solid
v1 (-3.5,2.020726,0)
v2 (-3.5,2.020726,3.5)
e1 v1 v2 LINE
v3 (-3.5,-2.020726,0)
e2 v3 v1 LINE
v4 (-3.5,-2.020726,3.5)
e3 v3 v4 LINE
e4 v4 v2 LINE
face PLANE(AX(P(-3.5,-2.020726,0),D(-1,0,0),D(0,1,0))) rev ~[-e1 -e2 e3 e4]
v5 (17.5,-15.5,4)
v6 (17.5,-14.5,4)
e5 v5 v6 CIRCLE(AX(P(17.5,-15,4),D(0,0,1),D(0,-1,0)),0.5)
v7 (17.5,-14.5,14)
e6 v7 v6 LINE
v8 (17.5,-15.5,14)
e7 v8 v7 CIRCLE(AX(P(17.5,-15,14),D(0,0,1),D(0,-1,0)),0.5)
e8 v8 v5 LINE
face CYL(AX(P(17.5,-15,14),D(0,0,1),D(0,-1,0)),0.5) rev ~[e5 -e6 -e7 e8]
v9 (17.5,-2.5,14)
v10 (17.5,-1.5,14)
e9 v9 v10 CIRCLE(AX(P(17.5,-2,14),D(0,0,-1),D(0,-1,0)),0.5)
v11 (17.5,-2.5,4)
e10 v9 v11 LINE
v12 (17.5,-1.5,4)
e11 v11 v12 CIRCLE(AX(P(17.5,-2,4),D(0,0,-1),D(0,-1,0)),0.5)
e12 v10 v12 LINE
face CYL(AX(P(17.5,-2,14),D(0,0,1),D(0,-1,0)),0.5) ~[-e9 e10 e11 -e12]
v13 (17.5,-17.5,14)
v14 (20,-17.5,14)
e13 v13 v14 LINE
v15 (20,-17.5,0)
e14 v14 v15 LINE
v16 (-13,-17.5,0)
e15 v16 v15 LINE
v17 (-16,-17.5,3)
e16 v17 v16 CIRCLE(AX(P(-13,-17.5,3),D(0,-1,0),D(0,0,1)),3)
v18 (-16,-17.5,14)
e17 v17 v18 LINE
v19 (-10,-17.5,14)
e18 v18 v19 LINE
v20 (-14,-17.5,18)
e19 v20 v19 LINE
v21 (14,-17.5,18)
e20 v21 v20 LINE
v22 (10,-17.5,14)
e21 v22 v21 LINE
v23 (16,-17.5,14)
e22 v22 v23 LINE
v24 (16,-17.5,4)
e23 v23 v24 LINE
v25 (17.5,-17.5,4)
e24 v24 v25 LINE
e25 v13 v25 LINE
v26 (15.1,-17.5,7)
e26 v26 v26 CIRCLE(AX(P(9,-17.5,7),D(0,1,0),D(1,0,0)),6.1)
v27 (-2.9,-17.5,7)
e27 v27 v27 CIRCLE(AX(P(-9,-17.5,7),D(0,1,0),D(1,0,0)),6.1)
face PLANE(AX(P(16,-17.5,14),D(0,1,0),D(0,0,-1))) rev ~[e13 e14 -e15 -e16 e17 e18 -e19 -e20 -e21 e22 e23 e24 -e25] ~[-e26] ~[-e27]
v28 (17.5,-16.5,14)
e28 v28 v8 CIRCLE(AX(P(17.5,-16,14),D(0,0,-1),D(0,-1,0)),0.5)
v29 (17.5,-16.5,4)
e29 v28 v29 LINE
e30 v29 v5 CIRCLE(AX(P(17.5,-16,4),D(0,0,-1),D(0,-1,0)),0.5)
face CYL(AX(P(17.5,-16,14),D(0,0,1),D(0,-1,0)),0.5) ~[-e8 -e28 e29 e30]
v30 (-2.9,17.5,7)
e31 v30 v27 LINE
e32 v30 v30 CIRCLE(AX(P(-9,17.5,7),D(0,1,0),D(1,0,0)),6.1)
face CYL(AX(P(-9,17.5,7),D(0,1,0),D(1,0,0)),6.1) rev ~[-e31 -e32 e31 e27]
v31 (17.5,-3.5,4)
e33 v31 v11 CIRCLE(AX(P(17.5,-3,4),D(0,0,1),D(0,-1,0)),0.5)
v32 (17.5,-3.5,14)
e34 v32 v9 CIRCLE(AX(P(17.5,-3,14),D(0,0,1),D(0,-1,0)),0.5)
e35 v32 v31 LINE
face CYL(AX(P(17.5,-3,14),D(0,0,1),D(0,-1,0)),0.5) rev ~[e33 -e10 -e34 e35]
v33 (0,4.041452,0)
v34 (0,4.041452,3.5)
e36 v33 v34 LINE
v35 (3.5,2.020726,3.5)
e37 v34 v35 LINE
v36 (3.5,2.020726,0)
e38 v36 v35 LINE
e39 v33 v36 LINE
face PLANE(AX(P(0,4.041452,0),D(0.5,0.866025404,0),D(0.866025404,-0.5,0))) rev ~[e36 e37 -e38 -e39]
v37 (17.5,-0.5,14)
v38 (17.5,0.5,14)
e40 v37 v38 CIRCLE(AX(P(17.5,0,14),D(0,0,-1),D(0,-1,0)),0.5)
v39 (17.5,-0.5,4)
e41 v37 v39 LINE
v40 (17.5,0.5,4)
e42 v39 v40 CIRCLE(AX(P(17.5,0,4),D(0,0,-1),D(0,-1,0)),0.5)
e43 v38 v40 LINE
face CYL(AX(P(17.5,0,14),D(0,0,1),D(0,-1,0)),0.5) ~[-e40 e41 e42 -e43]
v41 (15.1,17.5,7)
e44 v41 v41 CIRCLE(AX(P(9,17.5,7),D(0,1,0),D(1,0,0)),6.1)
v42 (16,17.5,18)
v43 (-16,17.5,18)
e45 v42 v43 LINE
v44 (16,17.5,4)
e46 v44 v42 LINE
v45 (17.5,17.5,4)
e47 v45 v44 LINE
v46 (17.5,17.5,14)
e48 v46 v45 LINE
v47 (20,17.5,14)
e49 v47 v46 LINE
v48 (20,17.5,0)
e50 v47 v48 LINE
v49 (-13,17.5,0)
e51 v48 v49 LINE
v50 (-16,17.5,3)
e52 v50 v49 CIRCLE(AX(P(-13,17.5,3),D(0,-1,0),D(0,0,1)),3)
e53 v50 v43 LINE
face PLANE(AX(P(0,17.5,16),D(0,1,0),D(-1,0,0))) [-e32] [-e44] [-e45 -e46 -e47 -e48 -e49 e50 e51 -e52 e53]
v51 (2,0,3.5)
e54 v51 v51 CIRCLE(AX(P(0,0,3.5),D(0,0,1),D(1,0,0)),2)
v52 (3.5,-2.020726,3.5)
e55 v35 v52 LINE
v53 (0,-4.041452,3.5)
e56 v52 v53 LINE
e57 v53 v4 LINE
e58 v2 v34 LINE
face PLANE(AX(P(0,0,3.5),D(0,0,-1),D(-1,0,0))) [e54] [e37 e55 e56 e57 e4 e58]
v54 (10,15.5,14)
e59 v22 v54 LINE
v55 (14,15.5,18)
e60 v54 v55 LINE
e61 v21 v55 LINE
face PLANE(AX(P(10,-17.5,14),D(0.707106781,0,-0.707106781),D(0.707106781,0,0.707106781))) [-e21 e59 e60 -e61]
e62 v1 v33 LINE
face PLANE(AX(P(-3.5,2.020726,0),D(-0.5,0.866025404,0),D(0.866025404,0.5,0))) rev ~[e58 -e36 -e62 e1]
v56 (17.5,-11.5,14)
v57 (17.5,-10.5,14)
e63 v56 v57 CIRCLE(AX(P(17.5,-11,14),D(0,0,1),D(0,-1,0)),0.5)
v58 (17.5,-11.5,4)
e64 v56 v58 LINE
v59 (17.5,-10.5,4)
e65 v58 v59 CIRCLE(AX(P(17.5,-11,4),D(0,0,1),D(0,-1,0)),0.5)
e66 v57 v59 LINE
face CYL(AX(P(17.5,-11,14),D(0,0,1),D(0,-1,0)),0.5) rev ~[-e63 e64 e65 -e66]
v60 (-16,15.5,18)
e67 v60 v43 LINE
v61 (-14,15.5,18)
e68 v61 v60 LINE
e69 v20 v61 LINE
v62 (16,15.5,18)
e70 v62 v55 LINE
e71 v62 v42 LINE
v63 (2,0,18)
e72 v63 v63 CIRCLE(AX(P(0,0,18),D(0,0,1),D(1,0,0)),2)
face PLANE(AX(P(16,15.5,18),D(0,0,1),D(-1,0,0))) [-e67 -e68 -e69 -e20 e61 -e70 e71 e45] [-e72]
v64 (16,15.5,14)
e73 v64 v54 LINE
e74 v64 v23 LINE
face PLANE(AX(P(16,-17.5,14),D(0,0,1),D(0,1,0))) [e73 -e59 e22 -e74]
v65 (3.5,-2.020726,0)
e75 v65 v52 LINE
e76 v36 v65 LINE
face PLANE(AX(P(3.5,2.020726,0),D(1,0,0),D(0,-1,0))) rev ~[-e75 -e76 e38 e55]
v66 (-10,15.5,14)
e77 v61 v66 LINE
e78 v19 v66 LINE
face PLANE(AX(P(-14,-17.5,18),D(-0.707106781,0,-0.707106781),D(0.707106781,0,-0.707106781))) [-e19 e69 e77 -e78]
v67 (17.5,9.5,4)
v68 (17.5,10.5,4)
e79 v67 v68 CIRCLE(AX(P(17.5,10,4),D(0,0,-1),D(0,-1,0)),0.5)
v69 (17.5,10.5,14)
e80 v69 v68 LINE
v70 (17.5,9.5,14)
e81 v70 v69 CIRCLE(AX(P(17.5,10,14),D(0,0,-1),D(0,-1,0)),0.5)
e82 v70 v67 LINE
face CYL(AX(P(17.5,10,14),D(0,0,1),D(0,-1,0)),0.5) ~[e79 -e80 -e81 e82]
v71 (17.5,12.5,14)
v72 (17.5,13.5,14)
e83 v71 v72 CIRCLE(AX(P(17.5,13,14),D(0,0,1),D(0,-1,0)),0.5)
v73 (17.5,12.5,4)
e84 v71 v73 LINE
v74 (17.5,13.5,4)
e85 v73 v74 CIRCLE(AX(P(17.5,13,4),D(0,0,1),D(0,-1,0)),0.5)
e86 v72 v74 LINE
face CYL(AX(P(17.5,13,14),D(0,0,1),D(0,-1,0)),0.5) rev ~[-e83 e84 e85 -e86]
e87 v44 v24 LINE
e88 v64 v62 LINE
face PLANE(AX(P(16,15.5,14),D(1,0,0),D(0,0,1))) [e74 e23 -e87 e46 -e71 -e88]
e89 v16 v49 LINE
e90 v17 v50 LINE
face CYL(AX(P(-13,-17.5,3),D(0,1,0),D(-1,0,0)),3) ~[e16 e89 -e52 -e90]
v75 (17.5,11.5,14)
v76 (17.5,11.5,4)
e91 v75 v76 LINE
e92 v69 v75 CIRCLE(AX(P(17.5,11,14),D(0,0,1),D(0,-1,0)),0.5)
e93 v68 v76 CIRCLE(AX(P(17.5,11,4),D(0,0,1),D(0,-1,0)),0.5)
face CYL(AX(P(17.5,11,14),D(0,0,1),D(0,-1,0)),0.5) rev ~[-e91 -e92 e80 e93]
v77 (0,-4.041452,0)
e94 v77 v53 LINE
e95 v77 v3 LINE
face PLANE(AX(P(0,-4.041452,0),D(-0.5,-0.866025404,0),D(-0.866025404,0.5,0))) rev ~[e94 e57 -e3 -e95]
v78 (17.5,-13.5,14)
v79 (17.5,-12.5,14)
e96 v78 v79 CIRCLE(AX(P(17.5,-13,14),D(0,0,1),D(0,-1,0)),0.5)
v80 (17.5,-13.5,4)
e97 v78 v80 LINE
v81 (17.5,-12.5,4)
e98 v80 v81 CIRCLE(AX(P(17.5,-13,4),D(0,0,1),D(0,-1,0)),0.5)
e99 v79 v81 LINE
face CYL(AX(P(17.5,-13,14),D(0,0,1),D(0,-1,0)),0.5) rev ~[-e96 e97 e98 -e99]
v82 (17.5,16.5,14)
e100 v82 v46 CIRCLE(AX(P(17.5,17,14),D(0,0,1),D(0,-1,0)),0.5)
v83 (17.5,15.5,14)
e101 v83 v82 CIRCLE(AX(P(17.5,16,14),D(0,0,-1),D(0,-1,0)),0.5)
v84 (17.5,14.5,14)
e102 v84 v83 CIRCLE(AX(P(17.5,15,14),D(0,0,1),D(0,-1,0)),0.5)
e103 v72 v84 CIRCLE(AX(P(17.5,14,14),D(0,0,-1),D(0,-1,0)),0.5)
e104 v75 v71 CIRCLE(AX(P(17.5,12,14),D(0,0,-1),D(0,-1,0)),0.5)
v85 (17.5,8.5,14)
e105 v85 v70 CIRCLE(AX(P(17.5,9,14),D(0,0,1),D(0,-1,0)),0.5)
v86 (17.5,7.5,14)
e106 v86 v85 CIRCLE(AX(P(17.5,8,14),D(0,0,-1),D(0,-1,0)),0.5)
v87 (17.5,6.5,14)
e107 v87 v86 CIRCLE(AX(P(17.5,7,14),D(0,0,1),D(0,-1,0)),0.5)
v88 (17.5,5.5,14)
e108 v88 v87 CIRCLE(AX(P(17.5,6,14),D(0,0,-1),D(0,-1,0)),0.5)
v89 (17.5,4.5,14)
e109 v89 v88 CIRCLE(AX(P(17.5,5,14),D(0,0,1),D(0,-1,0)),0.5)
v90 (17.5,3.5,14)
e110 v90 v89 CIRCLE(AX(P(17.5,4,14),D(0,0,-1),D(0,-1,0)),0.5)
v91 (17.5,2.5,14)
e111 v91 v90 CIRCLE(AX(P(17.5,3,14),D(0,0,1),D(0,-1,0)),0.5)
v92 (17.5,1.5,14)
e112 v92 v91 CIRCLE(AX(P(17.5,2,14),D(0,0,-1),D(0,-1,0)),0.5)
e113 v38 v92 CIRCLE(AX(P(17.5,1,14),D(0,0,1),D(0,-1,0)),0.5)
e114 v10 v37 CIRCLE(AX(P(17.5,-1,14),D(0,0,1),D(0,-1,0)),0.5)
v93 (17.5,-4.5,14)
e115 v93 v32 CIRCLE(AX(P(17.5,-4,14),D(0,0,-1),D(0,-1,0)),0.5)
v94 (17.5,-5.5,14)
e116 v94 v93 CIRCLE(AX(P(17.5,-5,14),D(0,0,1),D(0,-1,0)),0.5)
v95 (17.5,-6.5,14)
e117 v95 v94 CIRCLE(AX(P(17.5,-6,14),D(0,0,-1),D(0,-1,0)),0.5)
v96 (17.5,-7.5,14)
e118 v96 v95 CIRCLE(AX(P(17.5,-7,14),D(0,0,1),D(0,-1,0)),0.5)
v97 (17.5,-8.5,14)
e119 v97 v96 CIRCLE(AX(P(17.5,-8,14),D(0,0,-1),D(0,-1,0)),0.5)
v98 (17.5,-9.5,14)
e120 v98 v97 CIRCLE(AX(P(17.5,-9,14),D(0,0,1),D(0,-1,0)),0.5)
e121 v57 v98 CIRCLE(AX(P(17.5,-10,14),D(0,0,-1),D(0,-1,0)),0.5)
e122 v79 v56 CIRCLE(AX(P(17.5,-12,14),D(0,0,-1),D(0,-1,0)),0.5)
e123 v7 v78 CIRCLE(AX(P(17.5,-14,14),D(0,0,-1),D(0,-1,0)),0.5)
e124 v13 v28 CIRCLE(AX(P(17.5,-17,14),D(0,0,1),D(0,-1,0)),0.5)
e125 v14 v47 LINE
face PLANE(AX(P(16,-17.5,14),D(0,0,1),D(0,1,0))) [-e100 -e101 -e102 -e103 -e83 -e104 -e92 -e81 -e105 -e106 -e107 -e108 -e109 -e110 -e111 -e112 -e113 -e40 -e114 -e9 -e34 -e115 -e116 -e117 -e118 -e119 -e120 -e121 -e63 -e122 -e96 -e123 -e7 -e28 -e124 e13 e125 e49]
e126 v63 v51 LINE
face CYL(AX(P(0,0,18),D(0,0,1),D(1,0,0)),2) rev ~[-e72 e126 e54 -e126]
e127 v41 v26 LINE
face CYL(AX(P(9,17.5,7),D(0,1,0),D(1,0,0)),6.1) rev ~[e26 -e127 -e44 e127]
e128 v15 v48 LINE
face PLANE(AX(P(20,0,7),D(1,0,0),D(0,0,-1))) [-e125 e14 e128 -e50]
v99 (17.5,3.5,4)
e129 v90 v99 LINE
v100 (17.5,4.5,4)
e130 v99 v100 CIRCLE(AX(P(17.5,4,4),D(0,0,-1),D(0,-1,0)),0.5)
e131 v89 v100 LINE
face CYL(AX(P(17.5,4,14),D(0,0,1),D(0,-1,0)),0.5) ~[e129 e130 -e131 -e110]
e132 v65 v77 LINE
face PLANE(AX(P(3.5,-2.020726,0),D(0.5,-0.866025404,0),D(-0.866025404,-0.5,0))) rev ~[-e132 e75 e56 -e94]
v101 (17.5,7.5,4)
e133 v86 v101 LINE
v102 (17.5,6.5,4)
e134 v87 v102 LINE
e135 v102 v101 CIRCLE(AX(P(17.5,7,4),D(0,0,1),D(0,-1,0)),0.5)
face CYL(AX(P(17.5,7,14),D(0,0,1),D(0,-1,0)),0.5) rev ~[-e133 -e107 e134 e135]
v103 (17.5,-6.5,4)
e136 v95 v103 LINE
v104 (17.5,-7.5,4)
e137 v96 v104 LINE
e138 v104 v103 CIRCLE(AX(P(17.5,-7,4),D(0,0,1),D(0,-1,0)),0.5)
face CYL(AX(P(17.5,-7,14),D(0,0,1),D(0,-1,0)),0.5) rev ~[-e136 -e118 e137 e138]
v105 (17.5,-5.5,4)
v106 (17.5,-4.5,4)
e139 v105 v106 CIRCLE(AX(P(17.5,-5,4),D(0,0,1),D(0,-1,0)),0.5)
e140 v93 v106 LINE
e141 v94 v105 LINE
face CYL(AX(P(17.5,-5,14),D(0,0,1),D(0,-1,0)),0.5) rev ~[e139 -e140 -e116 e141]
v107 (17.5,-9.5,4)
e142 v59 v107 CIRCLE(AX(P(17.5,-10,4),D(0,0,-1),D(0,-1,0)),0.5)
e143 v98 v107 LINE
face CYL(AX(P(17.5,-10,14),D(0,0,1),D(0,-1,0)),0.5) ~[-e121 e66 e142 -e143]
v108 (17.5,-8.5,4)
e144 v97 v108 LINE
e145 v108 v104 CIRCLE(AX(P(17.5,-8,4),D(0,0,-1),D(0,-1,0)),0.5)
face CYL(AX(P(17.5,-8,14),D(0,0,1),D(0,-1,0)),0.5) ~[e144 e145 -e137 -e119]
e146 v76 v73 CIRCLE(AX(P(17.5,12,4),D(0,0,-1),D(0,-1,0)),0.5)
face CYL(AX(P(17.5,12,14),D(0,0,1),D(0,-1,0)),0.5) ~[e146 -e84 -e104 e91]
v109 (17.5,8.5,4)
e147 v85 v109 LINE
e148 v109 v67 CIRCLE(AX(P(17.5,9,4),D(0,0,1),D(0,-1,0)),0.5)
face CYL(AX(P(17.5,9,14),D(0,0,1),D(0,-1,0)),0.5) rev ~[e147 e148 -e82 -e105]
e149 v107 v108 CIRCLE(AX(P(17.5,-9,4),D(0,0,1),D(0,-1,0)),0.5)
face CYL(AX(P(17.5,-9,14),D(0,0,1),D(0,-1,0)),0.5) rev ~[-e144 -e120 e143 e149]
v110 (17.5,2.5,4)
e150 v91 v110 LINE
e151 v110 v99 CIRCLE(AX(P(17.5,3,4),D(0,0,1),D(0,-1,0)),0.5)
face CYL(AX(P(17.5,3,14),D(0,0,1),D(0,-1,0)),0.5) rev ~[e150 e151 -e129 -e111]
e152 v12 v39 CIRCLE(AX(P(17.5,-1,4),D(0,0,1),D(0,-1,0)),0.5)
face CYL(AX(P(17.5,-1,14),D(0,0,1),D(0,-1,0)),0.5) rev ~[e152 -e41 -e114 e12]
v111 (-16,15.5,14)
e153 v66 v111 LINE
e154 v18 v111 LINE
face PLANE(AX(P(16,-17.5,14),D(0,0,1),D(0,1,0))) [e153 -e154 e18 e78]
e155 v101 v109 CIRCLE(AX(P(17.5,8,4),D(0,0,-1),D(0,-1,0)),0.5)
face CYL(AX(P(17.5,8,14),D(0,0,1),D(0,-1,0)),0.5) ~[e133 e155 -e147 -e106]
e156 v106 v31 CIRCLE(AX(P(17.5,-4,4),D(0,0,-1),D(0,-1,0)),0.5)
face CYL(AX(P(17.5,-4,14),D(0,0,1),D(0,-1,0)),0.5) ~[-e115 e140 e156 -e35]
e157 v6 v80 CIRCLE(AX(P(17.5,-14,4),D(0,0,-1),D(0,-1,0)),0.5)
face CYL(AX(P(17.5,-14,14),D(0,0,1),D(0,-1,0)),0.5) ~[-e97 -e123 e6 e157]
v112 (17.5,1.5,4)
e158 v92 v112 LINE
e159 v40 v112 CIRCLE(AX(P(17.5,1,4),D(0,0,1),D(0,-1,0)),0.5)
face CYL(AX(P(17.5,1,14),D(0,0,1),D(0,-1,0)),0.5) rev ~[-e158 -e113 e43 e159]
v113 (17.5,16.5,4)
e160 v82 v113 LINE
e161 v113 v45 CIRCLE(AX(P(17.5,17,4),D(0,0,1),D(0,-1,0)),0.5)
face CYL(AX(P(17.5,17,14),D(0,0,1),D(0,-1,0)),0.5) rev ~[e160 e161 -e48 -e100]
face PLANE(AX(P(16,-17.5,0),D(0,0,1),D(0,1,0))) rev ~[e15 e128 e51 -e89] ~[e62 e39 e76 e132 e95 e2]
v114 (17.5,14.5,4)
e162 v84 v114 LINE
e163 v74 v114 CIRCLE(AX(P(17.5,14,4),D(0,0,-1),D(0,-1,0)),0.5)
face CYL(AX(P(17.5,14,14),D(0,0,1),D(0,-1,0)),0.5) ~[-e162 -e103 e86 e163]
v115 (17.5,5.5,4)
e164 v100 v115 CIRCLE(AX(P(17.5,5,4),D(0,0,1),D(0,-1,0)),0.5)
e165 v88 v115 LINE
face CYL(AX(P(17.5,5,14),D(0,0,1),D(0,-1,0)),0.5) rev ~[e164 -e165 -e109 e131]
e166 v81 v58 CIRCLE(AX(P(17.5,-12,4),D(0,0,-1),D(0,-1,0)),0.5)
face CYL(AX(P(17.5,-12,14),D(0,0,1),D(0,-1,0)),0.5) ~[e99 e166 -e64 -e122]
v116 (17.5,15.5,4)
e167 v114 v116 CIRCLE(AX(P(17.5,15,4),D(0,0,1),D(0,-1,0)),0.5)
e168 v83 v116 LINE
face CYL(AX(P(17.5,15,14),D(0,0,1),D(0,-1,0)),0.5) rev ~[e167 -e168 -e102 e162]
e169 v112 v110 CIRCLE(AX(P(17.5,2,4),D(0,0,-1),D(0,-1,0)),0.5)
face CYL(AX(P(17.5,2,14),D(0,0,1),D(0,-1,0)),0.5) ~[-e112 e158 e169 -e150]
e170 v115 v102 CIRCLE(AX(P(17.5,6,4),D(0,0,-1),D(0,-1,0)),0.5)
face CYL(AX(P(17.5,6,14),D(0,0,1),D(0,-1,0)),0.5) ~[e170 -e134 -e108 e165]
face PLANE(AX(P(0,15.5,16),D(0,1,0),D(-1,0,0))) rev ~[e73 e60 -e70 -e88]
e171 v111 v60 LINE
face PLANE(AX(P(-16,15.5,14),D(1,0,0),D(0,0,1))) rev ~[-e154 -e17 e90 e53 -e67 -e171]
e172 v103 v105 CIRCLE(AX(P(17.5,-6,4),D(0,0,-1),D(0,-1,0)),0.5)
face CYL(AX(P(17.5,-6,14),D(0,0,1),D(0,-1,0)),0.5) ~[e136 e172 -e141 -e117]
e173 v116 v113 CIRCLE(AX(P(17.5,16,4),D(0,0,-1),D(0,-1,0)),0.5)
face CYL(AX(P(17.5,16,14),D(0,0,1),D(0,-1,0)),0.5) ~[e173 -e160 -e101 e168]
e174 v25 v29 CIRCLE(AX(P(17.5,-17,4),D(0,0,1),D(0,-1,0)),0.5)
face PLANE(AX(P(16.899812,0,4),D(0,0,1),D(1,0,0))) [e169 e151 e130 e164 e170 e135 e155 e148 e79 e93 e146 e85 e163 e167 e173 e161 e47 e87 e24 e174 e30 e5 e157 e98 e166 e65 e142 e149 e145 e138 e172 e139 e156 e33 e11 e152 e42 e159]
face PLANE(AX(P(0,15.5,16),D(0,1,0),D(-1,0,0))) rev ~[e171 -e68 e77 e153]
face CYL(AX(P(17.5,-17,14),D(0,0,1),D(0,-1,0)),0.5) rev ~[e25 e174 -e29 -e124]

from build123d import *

# Parameters (mm, degrees)
SKETCH_1_W          = 32
SKETCH_1_H          = 35
EXTRUDE_1_DEPTH     = 14
CUT_EXTRUDE_1_REACH = 37
SKETCH_2_R          = 6.1
EXTRUDE_2_DEPTH     = 33
FILLET_1_R          = 3
SKETCH_6_W          = 14
SKETCH_6_H          = 35
EXTRUDE_4_DEPTH     = 4
CUT_EXTRUDE_2_DEPTH = 10
SKETCH_5_W          = 32
SKETCH_5_H          = 4
EXTRUDE_5_DEPTH     = 2
CUT_EXTRUDE_3_REACH = 20
SKETCH_8_R          = 2
CUT_EXTRUDE_4_DEPTH = 3.5


with BuildPart() as part:
    # Эскиз1 → Бобышка-Вытянуть1 (new body)
    with BuildSketch(Plane.XY):
        Rectangle(SKETCH_1_W, SKETCH_1_H)
    extrude(amount=EXTRUDE_1_DEPTH)

    # Эскиз2 → Вырез-Вытянуть1 (cut, up to next)
    with BuildSketch(Plane(origin=(0, 17.5, 0), x_dir=(1, 0, 0), z_dir=(0, 1, 0)), mode=Mode.PRIVATE) as cut_extrude_1_sk1:
        with Locations((-9, -7)):
            Circle(SKETCH_2_R)
    cut_extrude_1_tool1 = extrude(cut_extrude_1_sk1.sketch, amount=-CUT_EXTRUDE_1_REACH, mode=Mode.PRIVATE) & part.part
    add(cut_extrude_1_tool1.solids().sort_by_distance((-9, 17.5, 7))[0], mode=Mode.SUBTRACT)
    # Эскиз2 → Вырез-Вытянуть1 (cut, up to next)
    with BuildSketch(Plane(origin=(0, 17.5, 0), x_dir=(1, 0, 0), z_dir=(0, 1, 0)), mode=Mode.PRIVATE) as cut_extrude_1_sk2:
        with Locations((9, -7)):
            Circle(SKETCH_2_R)
    cut_extrude_1_tool2 = extrude(cut_extrude_1_sk2.sketch, amount=-CUT_EXTRUDE_1_REACH, mode=Mode.PRIVATE) & part.part
    add(cut_extrude_1_tool2.solids().sort_by_distance((9, 17.5, 7))[0], mode=Mode.SUBTRACT)

    # Эскиз3 → Бобышка-Вытянуть2 (add)
    with BuildSketch(Plane(origin=(0, -17.5, 0), x_dir=(1, 0, 0), z_dir=(0, 1, 0))):
        Polygon((-14, -18), (-10, -14), (10, -14), (14, -18), align=None)
    extrude(amount=EXTRUDE_2_DEPTH)

    # Скругление1
    fillet_1_edges = [part.edges().sort_by_distance(p)[0] for p in [
        (-16, 0, 0),
    ]]
    fillet(fillet_1_edges, radius=FILLET_1_R)

    # Эскиз6 → Бобышка-Вытянуть4 (add)
    with BuildSketch(Plane(origin=(16, 0, 0), x_dir=(0, 0, -1), z_dir=(1, 0, 0))):
        with Locations((-7, 0)):
            Rectangle(SKETCH_6_W, SKETCH_6_H)
    extrude(amount=EXTRUDE_4_DEPTH)

    # Эскиз7 → Вырез-Вытянуть2 (cut)
    with BuildSketch(Plane.XY.offset(14)):
        with BuildLine():
            Line((16, -17.5), (17.5, -17.5))
            ThreePointArc((17.5, -17.5), (18, -17), (17.5, -16.5))
            ThreePointArc((17.5, -16.5), (17, -16), (17.5, -15.5))
            ThreePointArc((17.5, -15.5), (18, -15), (17.5, -14.5))
            ThreePointArc((17.5, -14.5), (17, -14), (17.5, -13.5))
            ThreePointArc((17.5, -13.5), (18, -13), (17.5, -12.5))
            ThreePointArc((17.5, -12.5), (17, -12), (17.5, -11.5))
            ThreePointArc((17.5, -11.5), (18, -11), (17.5, -10.5))
            ThreePointArc((17.5, -10.5), (17, -10), (17.5, -9.5))
            ThreePointArc((17.5, -9.5), (18, -9), (17.5, -8.5))
            ThreePointArc((17.5, -8.5), (17, -8), (17.5, -7.5))
            ThreePointArc((17.5, -7.5), (18, -7), (17.5, -6.5))
            ThreePointArc((17.5, -6.5), (17, -6), (17.5, -5.5))
            ThreePointArc((17.5, -5.5), (18, -5), (17.5, -4.5))
            ThreePointArc((17.5, -4.5), (17, -4), (17.5, -3.5))
            ThreePointArc((17.5, -3.5), (18, -3), (17.5, -2.5))
            ThreePointArc((17.5, -2.5), (17, -2), (17.5, -1.5))
            ThreePointArc((17.5, -1.5), (18, -1), (17.5, -0.5))
            ThreePointArc((17.5, -0.5), (17, 0), (17.5, 0.5))
            ThreePointArc((17.5, 0.5), (18, 1), (17.5, 1.5))
            ThreePointArc((17.5, 1.5), (17, 2), (17.5, 2.5))
            ThreePointArc((17.5, 2.5), (18, 3), (17.5, 3.5))
            ThreePointArc((17.5, 3.5), (17, 4), (17.5, 4.5))
            ThreePointArc((17.5, 4.5), (18, 5), (17.5, 5.5))
            ThreePointArc((17.5, 5.5), (17, 6), (17.5, 6.5))
            ThreePointArc((17.5, 6.5), (18, 7), (17.5, 7.5))
            ThreePointArc((17.5, 7.5), (17, 8), (17.5, 8.5))
            ThreePointArc((17.5, 8.5), (18, 9), (17.5, 9.5))
            ThreePointArc((17.5, 9.5), (17, 10), (17.5, 10.5))
            ThreePointArc((17.5, 10.5), (18, 11), (17.5, 11.5))
            ThreePointArc((17.5, 11.5), (17, 12), (17.5, 12.5))
            ThreePointArc((17.5, 12.5), (18, 13), (17.5, 13.5))
            ThreePointArc((17.5, 13.5), (17, 14), (17.5, 14.5))
            ThreePointArc((17.5, 14.5), (18, 15), (17.5, 15.5))
            ThreePointArc((17.5, 15.5), (17, 16), (17.5, 16.5))
            ThreePointArc((17.5, 16.5), (18, 17), (17.5, 17.5))
            Line((17.5, 17.5), (16, 17.5))
            Line((16, 17.5), (16, -17.5))
        make_face()
    extrude(amount=-CUT_EXTRUDE_2_DEPTH, mode=Mode.SUBTRACT)

    # Эскиз5 → Бобышка-Вытянуть5 (add)
    with BuildSketch(Plane(origin=(0, 15.5, 0), x_dir=(-1, 0, 0), z_dir=(0, 1, 0))):
        with Locations((0, 16)):
            Rectangle(SKETCH_5_W, SKETCH_5_H)
    extrude(amount=EXTRUDE_5_DEPTH)

    # Эскиз8 → Вырез-Вытянуть3 (cut, up to next)
    with BuildSketch(Plane.XY.offset(18), mode=Mode.PRIVATE) as cut_extrude_3_sk1:
        Circle(SKETCH_8_R)
    cut_extrude_3_tool1 = extrude(cut_extrude_3_sk1.sketch, amount=-CUT_EXTRUDE_3_REACH, mode=Mode.PRIVATE) & part.part
    add(cut_extrude_3_tool1.solids().sort_by_distance((0, 0, 18))[0], mode=Mode.SUBTRACT)

    # Эскиз9 → Вырез-Вытянуть4 (cut)
    with BuildSketch(Plane(origin=(0, 0, 0), x_dir=(-1, 0, 0), z_dir=(0, 0, -1))):
        Polygon((0, -4.041451884), (3.5, -2.020725942), (3.5, 2.020725942), (0, 4.041451884), (-3.5, 2.020725942), (-3.5, -2.020725942), align=None)
    extrude(amount=-CUT_EXTRUDE_4_DEPTH, mode=Mode.SUBTRACT)


solid = part.part
